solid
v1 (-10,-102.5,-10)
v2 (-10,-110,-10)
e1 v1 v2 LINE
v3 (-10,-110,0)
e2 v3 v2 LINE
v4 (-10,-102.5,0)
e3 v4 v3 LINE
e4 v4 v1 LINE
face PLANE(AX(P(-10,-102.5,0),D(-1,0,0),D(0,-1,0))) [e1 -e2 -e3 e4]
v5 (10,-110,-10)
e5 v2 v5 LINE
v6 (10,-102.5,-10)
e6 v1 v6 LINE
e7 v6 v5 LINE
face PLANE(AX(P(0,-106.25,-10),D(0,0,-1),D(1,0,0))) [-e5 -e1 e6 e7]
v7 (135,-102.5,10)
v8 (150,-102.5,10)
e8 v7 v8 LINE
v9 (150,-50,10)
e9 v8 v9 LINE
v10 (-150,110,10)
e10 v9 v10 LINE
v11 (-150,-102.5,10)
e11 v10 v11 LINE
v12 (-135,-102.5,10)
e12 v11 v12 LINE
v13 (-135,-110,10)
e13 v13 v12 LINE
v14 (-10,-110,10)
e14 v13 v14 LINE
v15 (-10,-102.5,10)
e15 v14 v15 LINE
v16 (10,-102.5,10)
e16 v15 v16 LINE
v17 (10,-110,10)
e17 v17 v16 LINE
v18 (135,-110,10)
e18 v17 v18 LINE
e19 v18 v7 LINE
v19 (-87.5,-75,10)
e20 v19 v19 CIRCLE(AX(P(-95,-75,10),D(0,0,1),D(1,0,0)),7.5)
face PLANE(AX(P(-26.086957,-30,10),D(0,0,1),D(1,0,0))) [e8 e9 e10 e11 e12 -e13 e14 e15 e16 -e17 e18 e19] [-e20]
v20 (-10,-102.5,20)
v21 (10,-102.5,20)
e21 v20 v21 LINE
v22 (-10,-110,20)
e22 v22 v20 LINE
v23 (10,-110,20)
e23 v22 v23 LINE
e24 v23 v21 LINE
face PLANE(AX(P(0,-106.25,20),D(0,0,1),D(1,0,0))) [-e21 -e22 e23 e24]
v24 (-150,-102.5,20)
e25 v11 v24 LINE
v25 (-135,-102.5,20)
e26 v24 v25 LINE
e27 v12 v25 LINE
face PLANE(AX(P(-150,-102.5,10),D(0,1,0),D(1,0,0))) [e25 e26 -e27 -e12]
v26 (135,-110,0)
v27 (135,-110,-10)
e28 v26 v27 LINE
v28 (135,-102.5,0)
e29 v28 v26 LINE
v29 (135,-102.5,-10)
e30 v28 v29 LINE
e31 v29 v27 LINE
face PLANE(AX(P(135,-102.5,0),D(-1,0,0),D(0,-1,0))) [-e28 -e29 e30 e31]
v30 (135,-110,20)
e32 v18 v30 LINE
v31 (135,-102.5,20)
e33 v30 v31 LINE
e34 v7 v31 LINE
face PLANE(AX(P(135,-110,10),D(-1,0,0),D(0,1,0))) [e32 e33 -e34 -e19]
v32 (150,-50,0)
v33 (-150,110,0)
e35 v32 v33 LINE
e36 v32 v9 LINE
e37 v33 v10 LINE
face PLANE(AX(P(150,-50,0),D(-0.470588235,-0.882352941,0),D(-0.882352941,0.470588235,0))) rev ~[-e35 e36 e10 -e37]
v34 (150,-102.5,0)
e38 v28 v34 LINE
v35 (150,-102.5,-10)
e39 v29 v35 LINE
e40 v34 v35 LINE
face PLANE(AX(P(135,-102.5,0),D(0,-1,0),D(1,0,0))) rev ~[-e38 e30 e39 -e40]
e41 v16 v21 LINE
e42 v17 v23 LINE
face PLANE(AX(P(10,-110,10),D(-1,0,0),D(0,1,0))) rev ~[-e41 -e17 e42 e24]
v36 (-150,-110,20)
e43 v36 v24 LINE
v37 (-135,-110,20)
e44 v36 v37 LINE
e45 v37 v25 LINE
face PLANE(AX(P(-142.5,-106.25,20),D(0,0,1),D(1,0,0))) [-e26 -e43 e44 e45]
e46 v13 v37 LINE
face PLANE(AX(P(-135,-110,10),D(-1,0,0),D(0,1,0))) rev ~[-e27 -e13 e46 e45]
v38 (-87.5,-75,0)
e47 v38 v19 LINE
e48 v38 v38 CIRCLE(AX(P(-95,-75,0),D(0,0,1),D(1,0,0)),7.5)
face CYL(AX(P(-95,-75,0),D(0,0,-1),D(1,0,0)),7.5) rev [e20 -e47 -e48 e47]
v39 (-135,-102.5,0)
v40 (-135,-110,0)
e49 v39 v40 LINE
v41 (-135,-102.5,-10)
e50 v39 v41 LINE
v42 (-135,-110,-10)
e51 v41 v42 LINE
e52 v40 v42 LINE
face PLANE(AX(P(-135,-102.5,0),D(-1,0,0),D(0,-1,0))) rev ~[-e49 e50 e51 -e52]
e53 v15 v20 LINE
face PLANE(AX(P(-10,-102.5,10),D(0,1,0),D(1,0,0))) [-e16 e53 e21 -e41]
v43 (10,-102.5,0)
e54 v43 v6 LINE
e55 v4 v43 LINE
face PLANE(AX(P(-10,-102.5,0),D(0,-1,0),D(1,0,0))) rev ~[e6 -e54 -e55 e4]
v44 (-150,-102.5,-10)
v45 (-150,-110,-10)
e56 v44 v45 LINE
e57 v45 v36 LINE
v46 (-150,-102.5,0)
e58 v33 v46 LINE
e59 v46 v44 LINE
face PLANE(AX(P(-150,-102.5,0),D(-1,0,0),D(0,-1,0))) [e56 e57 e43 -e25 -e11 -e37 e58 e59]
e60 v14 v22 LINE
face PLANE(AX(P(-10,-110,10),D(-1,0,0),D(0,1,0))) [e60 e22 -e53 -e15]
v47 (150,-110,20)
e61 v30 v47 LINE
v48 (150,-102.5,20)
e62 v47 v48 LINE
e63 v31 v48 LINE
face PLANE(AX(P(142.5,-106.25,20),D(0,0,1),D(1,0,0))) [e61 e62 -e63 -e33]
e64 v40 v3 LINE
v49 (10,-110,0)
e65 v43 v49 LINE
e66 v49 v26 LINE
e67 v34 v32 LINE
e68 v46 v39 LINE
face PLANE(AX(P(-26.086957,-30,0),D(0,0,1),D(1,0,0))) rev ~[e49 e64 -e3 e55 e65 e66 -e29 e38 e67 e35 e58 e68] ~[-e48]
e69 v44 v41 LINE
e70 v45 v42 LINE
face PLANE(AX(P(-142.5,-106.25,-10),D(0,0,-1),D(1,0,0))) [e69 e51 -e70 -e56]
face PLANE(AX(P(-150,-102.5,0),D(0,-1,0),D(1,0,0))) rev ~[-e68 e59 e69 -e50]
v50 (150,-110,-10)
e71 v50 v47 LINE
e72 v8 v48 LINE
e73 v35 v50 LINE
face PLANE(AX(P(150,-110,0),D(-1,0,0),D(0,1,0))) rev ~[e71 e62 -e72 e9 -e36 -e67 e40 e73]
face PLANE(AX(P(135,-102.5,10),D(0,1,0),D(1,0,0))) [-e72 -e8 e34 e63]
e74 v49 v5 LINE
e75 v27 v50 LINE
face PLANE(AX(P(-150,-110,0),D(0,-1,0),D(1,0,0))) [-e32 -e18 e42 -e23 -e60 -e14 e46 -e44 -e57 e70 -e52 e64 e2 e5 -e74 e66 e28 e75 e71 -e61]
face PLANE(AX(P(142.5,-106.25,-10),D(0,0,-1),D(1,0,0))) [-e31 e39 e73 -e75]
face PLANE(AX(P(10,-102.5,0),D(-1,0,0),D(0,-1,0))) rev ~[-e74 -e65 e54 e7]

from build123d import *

# Parameters (mm, degrees)
F0_R     = 7.5
F1_DEPTH = 10
F2_W     = 15
F2_H     = 7.5
F2_W_2   = 20
F3_DEPTH = 10
F4_W     = 15
F4_H     = 7.5
F4_W_2   = 20
F5_DEPTH = 10


with BuildPart() as f1:
    # F0 (on Top) → F1 (new body)
    with BuildSketch(Plane.XY):
        Polygon((150, -50), (-150, 110), (-150, -110), (150, -110), align=None)
        with Locations((-95, -75)):
            Circle(F0_R, mode=Mode.SUBTRACT)
    extrude(amount=F1_DEPTH)

    # F2 (on face) → F3 (join)
    with BuildSketch(Plane.XY.offset(10)):
        with Locations((-142.5, -106.25)):
            Rectangle(F2_W, F2_H)
        with Locations((142.5, -106.25)):
            Rectangle(F2_W, F2_H)
        with Locations((0, -106.25)):
            Rectangle(F2_W_2, F2_H)
    extrude(amount=F3_DEPTH)

    # F4 (on face) → F5 (join)
    with BuildSketch(Plane(origin=(0, 0, 0), x_dir=(1, 0, 0), z_dir=(0, 0, -1))):
        with Locations((-142.5, 106.25)):
            Rectangle(F4_W, F4_H)
        with Locations((142.5, 106.25)):
            Rectangle(F4_W, F4_H)
        with Locations((0, 106.25)):
            Rectangle(F4_W_2, F4_H)
    extrude(amount=F5_DEPTH)


solid = f1.part
